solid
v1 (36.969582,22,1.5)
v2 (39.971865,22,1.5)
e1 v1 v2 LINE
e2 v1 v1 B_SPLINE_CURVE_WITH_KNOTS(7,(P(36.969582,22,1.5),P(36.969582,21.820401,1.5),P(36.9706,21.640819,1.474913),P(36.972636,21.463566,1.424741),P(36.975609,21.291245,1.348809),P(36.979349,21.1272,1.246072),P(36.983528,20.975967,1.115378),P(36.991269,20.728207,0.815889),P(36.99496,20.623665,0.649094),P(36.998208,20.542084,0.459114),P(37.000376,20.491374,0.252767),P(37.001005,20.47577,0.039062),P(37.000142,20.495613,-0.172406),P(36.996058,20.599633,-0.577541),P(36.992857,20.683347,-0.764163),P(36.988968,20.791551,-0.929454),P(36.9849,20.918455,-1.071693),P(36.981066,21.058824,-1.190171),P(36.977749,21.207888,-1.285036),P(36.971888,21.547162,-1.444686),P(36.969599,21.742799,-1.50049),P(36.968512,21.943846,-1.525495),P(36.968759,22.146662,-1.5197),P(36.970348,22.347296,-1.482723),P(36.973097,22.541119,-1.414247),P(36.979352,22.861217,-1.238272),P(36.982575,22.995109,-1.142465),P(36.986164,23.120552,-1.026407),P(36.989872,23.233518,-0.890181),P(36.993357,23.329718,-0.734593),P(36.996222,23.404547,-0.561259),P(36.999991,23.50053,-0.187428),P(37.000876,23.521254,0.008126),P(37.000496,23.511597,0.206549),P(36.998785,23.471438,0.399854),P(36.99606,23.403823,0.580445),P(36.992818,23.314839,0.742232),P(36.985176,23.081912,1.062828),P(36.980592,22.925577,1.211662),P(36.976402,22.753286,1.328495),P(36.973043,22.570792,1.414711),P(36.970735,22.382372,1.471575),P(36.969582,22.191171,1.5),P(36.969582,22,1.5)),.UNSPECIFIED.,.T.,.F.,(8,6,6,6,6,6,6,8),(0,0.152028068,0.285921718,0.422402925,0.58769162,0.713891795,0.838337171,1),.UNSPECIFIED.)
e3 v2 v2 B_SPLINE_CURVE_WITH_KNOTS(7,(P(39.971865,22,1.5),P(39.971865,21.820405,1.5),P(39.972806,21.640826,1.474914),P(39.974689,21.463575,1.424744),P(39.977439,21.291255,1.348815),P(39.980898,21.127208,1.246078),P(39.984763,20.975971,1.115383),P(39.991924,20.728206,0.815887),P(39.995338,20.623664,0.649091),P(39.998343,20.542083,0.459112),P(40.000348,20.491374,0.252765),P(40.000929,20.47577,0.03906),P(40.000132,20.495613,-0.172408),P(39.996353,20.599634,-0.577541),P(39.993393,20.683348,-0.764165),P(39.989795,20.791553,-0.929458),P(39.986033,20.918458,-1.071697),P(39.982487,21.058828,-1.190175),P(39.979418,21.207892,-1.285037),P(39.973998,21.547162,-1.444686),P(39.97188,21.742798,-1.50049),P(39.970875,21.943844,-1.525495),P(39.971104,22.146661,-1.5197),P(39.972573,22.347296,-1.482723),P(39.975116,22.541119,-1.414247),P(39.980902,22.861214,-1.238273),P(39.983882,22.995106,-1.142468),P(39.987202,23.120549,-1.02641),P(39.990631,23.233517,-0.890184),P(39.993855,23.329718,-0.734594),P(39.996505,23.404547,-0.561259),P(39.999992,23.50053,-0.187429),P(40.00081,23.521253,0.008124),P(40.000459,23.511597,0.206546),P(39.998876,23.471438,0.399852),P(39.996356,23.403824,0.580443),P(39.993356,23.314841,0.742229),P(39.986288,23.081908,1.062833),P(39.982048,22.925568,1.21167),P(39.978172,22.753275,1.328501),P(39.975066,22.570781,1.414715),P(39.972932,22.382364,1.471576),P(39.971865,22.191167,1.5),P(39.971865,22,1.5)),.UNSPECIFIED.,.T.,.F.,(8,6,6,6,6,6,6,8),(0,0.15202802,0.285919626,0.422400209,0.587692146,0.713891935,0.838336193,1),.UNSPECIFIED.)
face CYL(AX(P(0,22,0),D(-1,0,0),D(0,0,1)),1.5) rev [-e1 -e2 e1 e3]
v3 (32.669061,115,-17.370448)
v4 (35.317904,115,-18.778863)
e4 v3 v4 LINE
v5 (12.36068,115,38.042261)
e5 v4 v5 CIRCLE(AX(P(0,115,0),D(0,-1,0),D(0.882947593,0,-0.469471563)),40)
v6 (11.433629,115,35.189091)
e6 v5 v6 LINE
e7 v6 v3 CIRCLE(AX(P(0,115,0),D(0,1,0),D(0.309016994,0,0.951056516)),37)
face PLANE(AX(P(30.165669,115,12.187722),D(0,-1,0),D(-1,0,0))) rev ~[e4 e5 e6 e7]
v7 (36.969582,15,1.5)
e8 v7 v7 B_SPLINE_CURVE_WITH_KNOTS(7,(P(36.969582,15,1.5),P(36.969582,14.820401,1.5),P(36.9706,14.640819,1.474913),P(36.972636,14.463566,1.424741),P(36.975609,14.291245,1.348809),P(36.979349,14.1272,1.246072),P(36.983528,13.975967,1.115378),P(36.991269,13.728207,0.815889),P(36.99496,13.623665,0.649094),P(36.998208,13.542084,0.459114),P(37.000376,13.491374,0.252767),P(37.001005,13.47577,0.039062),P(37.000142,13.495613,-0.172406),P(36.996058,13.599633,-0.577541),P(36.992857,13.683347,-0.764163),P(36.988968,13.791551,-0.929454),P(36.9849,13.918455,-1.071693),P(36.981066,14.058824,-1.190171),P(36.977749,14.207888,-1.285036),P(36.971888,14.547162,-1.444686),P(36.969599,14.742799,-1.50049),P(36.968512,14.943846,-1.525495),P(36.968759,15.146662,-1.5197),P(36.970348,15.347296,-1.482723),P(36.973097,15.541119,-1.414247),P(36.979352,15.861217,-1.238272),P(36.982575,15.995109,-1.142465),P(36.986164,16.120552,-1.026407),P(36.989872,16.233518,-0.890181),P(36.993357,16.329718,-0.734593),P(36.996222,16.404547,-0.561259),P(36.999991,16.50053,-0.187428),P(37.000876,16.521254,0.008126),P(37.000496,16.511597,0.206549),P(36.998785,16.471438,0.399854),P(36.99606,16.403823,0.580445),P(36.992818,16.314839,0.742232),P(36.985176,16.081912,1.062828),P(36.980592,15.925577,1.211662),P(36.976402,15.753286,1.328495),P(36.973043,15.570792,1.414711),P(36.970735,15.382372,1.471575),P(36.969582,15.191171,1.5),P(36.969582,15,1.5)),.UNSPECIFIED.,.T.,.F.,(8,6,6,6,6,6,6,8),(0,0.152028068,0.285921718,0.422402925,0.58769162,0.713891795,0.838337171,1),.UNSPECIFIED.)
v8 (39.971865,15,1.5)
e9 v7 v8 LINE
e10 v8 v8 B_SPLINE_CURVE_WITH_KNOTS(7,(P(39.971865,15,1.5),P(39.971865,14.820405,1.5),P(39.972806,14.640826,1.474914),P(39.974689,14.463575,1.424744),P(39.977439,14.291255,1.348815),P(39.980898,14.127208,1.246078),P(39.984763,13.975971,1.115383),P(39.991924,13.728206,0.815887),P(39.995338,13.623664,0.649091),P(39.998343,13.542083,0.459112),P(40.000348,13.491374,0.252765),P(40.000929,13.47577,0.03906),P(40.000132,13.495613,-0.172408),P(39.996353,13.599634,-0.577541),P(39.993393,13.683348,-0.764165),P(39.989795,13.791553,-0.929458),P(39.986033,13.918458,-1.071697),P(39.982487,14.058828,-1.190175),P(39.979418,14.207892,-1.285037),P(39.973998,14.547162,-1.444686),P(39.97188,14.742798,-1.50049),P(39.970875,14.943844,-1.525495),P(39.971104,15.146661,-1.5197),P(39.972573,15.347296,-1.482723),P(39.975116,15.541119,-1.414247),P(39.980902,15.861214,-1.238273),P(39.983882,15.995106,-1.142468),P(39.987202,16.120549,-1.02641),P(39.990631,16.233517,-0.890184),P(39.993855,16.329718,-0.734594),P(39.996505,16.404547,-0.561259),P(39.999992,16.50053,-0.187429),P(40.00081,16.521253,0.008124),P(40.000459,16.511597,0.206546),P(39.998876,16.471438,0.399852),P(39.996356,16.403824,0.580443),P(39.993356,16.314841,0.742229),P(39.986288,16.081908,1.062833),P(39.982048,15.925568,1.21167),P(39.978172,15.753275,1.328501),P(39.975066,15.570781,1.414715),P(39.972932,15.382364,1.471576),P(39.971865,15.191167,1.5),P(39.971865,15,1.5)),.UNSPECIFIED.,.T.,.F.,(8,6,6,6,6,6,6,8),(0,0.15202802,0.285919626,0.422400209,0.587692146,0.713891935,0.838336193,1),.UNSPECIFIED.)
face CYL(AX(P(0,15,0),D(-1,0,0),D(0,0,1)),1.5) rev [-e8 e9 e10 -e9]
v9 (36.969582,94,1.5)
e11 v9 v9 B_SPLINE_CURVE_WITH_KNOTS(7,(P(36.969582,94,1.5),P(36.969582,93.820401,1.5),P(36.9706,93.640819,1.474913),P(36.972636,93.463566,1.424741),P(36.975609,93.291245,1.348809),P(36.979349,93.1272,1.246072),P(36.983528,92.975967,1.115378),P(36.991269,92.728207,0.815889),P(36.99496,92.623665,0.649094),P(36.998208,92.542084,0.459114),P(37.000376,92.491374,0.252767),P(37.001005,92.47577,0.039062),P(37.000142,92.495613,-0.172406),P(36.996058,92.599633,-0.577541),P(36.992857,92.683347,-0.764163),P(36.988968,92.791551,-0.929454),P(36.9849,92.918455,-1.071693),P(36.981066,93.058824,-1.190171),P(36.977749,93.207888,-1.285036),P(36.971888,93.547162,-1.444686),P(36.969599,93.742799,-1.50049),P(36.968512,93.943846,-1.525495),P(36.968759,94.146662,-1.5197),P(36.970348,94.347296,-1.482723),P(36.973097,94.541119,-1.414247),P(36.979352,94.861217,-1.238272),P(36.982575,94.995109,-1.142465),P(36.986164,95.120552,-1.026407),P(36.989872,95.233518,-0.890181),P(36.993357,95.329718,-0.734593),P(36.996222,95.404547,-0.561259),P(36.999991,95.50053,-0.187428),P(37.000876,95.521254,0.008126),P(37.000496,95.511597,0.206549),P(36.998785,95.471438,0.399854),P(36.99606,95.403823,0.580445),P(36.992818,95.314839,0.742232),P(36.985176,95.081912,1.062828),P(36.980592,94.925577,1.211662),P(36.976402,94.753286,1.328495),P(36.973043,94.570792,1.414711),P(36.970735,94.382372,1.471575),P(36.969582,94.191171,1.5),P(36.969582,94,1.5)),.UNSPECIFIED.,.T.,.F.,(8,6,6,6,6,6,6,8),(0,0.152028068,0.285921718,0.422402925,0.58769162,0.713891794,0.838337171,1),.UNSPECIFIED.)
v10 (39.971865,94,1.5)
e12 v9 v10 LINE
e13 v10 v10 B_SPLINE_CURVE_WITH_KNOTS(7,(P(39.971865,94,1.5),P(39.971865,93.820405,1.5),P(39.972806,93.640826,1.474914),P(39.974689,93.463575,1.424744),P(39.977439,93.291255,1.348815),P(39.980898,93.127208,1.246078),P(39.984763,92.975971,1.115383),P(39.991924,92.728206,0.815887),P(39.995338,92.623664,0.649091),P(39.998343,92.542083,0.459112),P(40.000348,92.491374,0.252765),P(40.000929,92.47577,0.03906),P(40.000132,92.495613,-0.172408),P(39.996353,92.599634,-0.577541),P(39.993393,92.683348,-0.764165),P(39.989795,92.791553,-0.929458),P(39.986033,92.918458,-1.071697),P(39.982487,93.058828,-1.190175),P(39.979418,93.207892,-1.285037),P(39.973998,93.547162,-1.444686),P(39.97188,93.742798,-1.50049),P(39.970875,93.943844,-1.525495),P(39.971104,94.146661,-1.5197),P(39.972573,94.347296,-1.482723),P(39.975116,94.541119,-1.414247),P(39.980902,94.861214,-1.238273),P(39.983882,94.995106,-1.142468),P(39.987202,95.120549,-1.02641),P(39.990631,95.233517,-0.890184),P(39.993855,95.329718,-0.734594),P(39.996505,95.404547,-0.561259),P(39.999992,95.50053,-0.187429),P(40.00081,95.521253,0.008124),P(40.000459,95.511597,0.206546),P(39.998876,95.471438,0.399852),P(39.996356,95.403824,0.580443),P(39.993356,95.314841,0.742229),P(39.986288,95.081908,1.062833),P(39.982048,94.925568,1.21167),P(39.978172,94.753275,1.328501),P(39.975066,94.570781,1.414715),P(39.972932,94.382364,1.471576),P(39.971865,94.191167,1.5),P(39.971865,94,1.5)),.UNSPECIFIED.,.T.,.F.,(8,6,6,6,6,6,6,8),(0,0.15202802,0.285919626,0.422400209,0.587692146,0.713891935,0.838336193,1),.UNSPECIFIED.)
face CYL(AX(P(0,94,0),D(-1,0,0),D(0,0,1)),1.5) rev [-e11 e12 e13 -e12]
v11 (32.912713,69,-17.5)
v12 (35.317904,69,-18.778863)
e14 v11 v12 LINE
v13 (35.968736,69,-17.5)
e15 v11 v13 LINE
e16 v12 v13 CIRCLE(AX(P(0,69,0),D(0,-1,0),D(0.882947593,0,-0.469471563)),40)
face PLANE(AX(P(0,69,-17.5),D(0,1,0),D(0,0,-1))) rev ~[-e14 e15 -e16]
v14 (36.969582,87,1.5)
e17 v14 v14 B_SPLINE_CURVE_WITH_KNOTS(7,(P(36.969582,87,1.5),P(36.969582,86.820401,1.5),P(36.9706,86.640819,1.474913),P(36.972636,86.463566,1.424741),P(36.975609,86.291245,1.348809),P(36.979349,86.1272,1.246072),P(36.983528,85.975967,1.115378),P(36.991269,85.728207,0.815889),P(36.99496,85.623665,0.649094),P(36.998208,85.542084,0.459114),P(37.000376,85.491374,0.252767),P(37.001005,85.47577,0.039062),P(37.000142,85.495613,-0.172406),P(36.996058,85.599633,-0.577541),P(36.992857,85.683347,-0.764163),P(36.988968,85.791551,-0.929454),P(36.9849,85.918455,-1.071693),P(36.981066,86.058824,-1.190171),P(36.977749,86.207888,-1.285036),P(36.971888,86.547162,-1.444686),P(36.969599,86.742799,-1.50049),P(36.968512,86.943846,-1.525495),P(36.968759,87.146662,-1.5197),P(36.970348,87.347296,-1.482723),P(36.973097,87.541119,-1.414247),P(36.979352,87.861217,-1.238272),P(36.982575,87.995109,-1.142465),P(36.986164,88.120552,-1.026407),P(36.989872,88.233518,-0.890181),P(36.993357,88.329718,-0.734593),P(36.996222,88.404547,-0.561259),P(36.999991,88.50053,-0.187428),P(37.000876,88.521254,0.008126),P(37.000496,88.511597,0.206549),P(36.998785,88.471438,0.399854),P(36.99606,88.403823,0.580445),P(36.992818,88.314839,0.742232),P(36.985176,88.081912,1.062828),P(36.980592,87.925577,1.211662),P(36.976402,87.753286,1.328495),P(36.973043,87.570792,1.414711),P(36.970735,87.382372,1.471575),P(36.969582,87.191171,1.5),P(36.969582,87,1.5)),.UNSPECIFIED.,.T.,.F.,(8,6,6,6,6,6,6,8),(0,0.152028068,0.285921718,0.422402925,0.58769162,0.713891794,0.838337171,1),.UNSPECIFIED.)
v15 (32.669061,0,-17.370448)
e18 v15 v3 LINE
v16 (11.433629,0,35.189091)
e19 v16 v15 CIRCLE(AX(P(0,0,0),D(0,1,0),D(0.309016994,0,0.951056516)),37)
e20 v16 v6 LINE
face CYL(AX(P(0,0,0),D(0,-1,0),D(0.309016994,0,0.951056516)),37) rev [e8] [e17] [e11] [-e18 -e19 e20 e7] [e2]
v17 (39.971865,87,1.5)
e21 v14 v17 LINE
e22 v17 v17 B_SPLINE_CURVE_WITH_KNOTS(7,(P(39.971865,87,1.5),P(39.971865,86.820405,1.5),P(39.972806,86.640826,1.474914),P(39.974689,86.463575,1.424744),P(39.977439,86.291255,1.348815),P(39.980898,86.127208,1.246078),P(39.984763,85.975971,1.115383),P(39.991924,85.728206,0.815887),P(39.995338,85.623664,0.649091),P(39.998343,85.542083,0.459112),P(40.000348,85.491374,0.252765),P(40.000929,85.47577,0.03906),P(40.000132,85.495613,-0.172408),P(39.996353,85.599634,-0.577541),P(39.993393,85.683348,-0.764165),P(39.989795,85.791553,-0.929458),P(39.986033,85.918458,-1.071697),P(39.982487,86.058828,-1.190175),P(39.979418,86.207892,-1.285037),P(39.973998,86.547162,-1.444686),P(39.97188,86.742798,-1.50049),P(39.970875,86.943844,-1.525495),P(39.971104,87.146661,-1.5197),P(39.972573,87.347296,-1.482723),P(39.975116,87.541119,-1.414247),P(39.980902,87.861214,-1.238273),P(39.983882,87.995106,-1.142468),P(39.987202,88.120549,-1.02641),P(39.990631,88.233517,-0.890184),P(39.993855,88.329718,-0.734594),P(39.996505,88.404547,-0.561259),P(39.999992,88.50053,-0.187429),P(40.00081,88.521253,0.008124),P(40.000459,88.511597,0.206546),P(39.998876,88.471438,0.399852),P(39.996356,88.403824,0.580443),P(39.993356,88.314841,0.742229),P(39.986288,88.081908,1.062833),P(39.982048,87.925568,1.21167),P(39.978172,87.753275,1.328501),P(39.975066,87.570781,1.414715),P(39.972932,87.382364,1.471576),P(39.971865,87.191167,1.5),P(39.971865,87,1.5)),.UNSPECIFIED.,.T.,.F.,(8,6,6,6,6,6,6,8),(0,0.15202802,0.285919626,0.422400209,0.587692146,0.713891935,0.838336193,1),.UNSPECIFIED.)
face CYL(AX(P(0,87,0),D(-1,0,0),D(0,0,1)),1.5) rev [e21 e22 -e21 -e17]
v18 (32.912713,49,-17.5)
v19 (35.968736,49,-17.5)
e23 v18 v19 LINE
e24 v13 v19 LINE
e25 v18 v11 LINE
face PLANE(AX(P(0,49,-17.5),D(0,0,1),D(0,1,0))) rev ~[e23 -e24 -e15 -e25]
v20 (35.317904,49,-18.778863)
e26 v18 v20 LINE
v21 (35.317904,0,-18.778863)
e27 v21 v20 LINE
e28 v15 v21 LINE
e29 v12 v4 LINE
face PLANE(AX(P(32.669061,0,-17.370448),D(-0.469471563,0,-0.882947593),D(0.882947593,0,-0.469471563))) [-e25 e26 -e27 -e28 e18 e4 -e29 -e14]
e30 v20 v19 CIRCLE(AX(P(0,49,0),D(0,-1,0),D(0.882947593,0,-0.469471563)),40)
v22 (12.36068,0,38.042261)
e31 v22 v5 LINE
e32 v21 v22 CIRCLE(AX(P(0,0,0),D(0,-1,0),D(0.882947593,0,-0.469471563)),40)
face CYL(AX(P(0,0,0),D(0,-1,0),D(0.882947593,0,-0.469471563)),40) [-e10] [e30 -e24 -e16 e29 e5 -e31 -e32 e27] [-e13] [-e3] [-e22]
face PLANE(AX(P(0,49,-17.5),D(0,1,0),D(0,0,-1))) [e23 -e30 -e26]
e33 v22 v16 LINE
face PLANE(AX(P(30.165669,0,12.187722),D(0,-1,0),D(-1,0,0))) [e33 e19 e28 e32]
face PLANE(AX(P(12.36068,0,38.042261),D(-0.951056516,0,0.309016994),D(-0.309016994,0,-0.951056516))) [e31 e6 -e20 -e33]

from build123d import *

# Parameters (mm, degrees)
EXTRUSION1_DEPTH = 115
ESQUISSE6_R      = 1.5
ESQUISSE6_W      = 9.82268881
ESQUISSE6_H      = 20
EXTRUSION4_DEPTH = 128.562586974


with BuildPart() as part:
    # Esquisse5 → Extrusion1 (new body)
    with BuildSketch(Plane(origin=(0, 0, 0), x_dir=(1, 0, 0), z_dir=(0, 1, 0))):
        with BuildLine():
            Line((32.669060936, 17.370447823), (35.317903714, 18.778862511))
            ThreePointArc((35.317903714, 18.778862511), (37.087354183, -14.984263737), (12.360679775, -38.042260652))
            Line((12.360679775, -38.042260652), (11.433628792, -35.189091103))
            ThreePointArc((11.433628792, -35.189091103), (34.305802619, -13.860443956), (32.669060936, 17.370447823))
        make_face()
    extrude(amount=EXTRUSION1_DEPTH)

    # Esquisse6 → Extrusion4 (cut, through all)
    with BuildSketch(Plane(origin=(0, 0, 0), x_dir=(0, 0, -1), z_dir=(1, 0, 0))):
        with Locations(Location((0, 94, 0), (0, 0, 180))):
            Circle(ESQUISSE6_R)
        with Locations(Location((0, 87, 0), (0, 0, 180))):
            Circle(ESQUISSE6_R)
        with Locations(Location((0, 15, 0), (0, 0, 180))):
            Circle(ESQUISSE6_R)
        with Locations(Location((0, 22, 0), (0, 0, 180))):
            Circle(ESQUISSE6_R)
        with Locations((22.411344405, 59)):
            Rectangle(ESQUISSE6_W, ESQUISSE6_H)
    extrude(amount=EXTRUSION4_DEPTH, mode=Mode.SUBTRACT)


solid = part.part
